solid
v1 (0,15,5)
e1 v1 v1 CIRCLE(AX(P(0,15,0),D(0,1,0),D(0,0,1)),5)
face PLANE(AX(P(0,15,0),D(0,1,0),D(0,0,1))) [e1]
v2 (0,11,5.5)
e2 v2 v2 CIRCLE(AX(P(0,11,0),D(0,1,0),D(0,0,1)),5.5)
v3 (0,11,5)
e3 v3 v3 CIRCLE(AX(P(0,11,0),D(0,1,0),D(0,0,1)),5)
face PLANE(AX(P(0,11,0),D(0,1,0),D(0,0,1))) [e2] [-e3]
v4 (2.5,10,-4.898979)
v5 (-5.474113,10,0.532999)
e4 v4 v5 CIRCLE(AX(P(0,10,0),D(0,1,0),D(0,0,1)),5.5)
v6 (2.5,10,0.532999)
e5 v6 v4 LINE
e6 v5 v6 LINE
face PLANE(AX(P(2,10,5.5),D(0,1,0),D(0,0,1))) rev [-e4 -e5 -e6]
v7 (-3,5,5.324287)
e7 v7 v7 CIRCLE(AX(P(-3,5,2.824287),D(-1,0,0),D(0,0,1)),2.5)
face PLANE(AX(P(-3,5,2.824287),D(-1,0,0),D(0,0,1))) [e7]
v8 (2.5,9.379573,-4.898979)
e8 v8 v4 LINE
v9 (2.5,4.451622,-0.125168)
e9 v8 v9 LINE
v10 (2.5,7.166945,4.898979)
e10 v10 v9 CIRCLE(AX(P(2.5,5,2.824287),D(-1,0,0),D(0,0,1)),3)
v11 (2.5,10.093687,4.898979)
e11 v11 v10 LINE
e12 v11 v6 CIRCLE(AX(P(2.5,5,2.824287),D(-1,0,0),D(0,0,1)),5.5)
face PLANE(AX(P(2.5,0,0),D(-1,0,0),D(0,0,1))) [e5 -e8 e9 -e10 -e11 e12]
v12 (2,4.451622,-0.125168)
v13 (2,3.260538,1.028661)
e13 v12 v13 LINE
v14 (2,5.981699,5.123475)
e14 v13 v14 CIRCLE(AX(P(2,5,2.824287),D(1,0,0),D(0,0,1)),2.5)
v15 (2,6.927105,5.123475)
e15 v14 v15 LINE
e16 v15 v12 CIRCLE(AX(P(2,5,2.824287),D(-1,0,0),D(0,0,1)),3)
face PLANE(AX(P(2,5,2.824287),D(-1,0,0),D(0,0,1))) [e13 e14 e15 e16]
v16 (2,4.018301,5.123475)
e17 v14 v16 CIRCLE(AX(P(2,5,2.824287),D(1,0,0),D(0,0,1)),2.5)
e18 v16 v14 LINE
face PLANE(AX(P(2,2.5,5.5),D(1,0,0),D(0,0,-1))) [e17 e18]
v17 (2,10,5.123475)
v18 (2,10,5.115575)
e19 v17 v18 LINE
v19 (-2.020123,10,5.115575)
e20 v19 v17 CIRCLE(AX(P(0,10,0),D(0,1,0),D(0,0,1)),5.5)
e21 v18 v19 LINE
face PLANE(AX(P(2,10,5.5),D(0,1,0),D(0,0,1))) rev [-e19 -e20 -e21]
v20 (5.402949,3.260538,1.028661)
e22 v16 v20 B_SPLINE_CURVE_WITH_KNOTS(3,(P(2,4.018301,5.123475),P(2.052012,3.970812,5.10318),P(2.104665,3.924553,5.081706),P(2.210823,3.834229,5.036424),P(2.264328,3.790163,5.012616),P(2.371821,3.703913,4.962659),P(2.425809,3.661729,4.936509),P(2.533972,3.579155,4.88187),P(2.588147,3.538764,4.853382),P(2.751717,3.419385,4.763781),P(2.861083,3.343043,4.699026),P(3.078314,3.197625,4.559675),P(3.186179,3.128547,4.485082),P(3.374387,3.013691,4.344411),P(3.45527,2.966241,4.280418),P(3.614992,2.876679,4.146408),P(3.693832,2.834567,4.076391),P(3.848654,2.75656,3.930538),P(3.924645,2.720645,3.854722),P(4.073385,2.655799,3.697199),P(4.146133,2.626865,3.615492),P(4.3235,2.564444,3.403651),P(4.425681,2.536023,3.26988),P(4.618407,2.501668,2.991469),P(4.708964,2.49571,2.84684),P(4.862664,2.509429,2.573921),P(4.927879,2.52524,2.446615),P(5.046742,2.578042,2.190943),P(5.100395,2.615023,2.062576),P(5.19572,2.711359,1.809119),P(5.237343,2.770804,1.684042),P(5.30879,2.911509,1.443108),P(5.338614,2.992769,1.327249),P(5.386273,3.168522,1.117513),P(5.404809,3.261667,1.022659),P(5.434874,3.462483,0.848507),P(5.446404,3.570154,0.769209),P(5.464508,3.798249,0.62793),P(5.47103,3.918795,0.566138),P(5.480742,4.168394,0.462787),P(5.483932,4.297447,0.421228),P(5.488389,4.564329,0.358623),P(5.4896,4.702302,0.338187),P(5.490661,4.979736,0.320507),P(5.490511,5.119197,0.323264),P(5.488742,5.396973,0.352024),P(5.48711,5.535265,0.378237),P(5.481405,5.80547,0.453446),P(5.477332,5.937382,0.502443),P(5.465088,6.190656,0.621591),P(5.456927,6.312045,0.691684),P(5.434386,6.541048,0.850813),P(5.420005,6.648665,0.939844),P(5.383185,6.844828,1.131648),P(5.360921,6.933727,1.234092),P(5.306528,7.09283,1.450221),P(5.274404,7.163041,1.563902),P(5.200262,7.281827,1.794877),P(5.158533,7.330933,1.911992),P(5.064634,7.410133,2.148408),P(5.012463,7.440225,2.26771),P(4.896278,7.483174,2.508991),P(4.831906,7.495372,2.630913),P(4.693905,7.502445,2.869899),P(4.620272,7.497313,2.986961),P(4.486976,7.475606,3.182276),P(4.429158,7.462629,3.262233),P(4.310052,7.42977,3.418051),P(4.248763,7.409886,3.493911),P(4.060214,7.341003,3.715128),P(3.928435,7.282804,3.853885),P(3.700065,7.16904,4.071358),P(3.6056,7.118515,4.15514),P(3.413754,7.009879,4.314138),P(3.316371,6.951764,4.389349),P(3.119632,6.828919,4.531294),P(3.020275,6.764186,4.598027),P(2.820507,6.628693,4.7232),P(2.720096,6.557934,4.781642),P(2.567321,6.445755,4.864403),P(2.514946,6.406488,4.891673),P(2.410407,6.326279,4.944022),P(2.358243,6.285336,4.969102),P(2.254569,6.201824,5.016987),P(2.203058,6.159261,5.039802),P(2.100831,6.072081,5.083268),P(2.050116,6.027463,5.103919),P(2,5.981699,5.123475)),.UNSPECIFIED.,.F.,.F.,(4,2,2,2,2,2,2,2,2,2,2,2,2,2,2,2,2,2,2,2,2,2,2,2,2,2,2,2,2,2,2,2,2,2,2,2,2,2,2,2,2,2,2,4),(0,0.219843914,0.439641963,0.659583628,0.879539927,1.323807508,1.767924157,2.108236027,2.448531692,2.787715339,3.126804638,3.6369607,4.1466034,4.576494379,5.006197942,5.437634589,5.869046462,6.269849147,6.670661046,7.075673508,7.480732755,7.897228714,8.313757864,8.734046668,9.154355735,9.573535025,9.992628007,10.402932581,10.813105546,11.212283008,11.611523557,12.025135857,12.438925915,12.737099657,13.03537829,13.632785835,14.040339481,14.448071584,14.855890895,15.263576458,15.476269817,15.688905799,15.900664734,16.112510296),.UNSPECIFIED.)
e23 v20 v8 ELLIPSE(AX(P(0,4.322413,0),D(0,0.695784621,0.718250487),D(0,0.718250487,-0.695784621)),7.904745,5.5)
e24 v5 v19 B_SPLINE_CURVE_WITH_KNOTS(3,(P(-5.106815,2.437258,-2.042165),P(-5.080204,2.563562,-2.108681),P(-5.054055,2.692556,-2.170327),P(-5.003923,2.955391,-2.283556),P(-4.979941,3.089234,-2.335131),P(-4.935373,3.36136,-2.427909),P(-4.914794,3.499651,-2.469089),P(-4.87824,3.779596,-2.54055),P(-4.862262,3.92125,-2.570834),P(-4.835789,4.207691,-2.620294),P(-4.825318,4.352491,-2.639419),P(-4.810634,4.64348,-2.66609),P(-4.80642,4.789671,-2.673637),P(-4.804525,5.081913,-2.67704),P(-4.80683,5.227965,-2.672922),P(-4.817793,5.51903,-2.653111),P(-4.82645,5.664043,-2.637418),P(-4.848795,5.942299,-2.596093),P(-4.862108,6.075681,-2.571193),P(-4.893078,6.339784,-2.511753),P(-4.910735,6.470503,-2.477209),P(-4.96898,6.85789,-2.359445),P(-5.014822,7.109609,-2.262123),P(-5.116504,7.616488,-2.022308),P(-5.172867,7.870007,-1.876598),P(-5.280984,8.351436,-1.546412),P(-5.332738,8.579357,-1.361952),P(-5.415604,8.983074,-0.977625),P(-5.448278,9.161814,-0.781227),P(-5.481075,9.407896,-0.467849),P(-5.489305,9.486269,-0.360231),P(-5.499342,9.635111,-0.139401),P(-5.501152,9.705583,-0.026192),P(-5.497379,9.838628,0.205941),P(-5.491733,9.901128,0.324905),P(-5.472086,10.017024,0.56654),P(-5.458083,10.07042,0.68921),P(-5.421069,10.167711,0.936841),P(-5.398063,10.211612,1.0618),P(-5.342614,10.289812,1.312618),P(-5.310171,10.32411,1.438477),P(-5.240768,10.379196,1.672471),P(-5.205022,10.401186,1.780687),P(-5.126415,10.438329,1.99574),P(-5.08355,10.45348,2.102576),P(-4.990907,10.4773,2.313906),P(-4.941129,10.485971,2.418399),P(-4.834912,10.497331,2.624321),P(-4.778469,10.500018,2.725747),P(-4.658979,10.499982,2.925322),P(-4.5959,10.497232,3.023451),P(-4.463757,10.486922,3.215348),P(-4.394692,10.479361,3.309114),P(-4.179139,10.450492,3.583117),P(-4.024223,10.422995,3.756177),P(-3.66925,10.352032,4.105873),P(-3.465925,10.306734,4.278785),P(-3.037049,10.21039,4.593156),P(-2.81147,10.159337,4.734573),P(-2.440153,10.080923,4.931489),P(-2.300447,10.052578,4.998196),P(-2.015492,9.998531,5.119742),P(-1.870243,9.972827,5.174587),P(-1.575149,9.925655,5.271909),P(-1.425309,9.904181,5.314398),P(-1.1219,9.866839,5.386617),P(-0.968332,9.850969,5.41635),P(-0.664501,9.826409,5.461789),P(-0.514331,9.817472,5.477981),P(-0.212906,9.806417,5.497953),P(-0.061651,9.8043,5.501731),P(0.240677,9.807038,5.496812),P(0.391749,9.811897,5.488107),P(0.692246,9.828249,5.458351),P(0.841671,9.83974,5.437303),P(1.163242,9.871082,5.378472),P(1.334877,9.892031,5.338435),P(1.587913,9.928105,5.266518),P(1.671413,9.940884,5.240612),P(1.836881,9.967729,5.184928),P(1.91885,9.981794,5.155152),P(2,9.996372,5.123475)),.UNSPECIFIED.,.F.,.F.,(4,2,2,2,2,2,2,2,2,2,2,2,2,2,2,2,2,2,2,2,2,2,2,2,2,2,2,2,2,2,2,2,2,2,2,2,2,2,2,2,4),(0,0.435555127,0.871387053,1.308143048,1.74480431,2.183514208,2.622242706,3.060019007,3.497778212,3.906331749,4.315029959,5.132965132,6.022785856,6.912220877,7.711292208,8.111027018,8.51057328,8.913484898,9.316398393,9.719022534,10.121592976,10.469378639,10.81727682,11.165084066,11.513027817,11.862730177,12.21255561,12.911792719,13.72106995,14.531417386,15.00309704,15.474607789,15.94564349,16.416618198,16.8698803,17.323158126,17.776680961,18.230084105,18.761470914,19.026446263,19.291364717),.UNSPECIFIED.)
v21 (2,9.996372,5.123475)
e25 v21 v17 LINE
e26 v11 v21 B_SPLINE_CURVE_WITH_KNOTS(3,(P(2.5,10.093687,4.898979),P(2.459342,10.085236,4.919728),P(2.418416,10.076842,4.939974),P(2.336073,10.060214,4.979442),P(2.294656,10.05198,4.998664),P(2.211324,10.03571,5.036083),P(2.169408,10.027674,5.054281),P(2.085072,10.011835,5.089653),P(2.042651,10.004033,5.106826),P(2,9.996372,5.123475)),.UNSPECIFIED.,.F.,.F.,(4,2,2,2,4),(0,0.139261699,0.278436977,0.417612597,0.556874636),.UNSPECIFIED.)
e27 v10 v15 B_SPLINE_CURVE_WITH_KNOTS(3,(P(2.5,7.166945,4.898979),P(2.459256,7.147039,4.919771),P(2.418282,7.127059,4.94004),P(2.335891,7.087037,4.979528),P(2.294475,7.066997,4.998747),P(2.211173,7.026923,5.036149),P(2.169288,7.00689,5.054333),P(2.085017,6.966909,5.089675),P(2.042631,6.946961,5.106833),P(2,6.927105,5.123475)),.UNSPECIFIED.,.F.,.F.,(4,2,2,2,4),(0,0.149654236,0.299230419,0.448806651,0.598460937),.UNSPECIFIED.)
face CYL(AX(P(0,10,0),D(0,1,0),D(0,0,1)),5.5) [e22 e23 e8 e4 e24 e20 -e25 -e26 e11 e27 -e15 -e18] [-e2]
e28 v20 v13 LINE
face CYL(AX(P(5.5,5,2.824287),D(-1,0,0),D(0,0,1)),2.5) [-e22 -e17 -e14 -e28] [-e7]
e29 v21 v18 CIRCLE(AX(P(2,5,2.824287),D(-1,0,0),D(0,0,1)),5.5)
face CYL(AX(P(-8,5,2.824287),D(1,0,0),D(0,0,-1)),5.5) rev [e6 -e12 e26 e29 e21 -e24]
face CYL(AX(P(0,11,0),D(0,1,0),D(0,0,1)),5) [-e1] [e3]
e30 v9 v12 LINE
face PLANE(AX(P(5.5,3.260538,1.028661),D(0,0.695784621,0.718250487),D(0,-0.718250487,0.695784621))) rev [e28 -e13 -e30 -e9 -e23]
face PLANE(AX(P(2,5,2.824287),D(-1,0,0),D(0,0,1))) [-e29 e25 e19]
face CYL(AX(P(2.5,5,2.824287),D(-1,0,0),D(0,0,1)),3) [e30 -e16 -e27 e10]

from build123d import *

# Parameters (mm, degrees)
SKETCH1_W               = 11
SKETCH1_H               = 11
BOSS_EXTRUDE1_DEPTH     = 15
SKETCH2_R               = 11.526525906
SKETCH2_R_2             = 5
CUT_EXTRUDE1_DEPTH      = 4
SKETCH3_R               = 9.335544837
SKETCH3_R_2             = 5.5
CUT_EXTRUDE2_DEPTH      = 1
CUT_EXTRUDE4_DEPTH      = 20.397164741
CUT_EXTRUDE5_DEPTH      = 7.5
SKETCH7_R               = 4.206819523
CUT_EXTRUDE6_DEPTH      = 2.5
SKETCH8_R               = 8.743774997
CUT_EXTRUDE7_DEPTH      = 12.521718622
SKETCH9_R               = 5.5
SKETCH9_R_2             = 2.5
CUT_EXTRUDE8_DEPTH      = 5
CUT_EXTRUDE8_DEPTH_BACK = 5
CUT_EXTRUDE9_DEPTH      = 0.5


with BuildPart() as part:
    # Sketch1 → Boss-Extrude1 (new body)
    with BuildSketch(Plane(origin=(0, 0, 0), x_dir=(1, 0, 0), z_dir=(0, 1, 0))):
        Rectangle(SKETCH1_W, SKETCH1_H)
    extrude(amount=BOSS_EXTRUDE1_DEPTH)

    # Sketch2 → Cut-Extrude1 (cut)
    with BuildSketch(Plane(origin=(0, 15, 0), x_dir=(1, 0, 0), z_dir=(0, 1, 0))):
        Circle(SKETCH2_R)
        with Locations(Location((0, 0, 0), (0, 0, 270))):
            Circle(SKETCH2_R_2, mode=Mode.SUBTRACT)
    extrude(amount=-CUT_EXTRUDE1_DEPTH, mode=Mode.SUBTRACT)

    # Sketch3 → Cut-Extrude2 (cut)
    with BuildSketch(Plane(origin=(0, 11, 0), x_dir=(1, 0, 0), z_dir=(0, 1, 0))):
        Circle(SKETCH3_R)
        with Locations(Location((0, 0, 0), (0, 0, 270))):
            Circle(SKETCH3_R_2, mode=Mode.SUBTRACT)
    extrude(amount=-CUT_EXTRUDE2_DEPTH, mode=Mode.SUBTRACT)

    # Sketch4 → Cut-Extrude4 (cut, through all)
    with BuildSketch(Plane.ZY.offset(5.5)):
        with BuildLine():
            Line((1.028660662, 3.260538449), (-5.5, 10))
            Line((-5.5, 10), (-9.452355575, 12.560239237))
            Line((-9.452355575, 12.560239237), (-9.996263861, -3.051690792))
            Line((-9.996263861, -3.051690792), (13.077304092, -2.572417867))
            Line((13.077304092, -2.572417867), (11.793537329, 10))
            Line((11.793537329, 10), (5.5, 10))
            Line((5.5, 10), (5.32277104, 4.912954629))
            ThreePointArc((5.32277104, 4.912954629), (3.722129922, 2.666788079), (1.028660662, 3.260538449))
        make_face()
    extrude(amount=-CUT_EXTRUDE4_DEPTH, mode=Mode.SUBTRACT)

    # Sketch6 → Cut-Extrude5 (cut)
    with BuildSketch(Plane.ZY.offset(5.5)):
        with BuildLine():
            Line((5.32277104, 4.912954629), (5.5, 10))
            Line((5.5, 10), (-5.5, 10))
            Line((-5.5, 10), (1.028660662, 3.260538449))
            ThreePointArc((1.028660662, 3.260538449), (1.926443835, 7.333211921), (5.32277104, 4.912954629))
        make_face()
    extrude(amount=-CUT_EXTRUDE5_DEPTH, mode=Mode.SUBTRACT)

    # Sketch7 → Cut-Extrude6 (cut)
    with BuildSketch(Plane.ZY.offset(5.5)):
        with Locations((2.824286879, 5)):
            Circle(SKETCH7_R)
    extrude(amount=-CUT_EXTRUDE6_DEPTH, mode=Mode.SUBTRACT)

    # Sketch8 → Cut-Extrude7 (cut, through all)
    with BuildSketch(Plane(origin=(0, 11, 0), x_dir=(1, 0, 0), z_dir=(0, 1, 0))):
        Circle(SKETCH8_R)
        with BuildLine():
            Line((0, -5.5), (2, -5.5))
            Line((2, -5.5), (2, -5.123475383))
            ThreePointArc((2, -5.123475383), (0.790050421, 5.442960622), (-3.374127459, -4.343416154))
            Line((-3.374127459, -4.343416154), (-3.374127459, -5.5))
            Line((-3.374127459, -5.5), (0, -5.5))
        make_face(mode=Mode.SUBTRACT)
    extrude(amount=-CUT_EXTRUDE7_DEPTH, mode=Mode.SUBTRACT)

    # Sketch9 → Cut-Extrude8 (cut, two sides)
    with BuildSketch(Plane.ZY.offset(3)) as cut_extrude8_sk:
        with Locations((2.824286879, 5)):
            Circle(SKETCH9_R)
        with Locations((2.824286879, 5)):
            Circle(SKETCH9_R_2, mode=Mode.SUBTRACT)
    extrude(amount=CUT_EXTRUDE8_DEPTH, mode=Mode.SUBTRACT)
    extrude(cut_extrude8_sk.sketch, amount=-CUT_EXTRUDE8_DEPTH_BACK, mode=Mode.SUBTRACT)

    # Sketch10 → Cut-Extrude9 (cut)
    with BuildSketch(Plane.ZY.offset(-2)):
        with BuildLine():
            ThreePointArc((-0.125167599, 4.451622134), (1.544554545, 7.71335312), (5.123475383, 6.927104621))
            Line((5.123475383, 6.927104621), (5.123475383, 9.996371906))
            ThreePointArc((5.123475383, 9.996371906), (5.119525771, 9.998187514), (5.115574726, 10))
            ThreePointArc((5.115574726, 10), (2.824286879, 10.5), (0.532999031, 10))
            Line((0.532999031, 10), (-5.123475383, 10))
            Line((-5.123475383, 10), (-5.123475383, 9.611317955))
            Line((-5.123475383, 9.611317955), (-2.379973921, 6.779232849))
            Line((-2.379973921, 6.779232849), (-0.125167599, 4.451622134))
        make_face()
    extrude(amount=-CUT_EXTRUDE9_DEPTH, mode=Mode.SUBTRACT)


solid = part.part
